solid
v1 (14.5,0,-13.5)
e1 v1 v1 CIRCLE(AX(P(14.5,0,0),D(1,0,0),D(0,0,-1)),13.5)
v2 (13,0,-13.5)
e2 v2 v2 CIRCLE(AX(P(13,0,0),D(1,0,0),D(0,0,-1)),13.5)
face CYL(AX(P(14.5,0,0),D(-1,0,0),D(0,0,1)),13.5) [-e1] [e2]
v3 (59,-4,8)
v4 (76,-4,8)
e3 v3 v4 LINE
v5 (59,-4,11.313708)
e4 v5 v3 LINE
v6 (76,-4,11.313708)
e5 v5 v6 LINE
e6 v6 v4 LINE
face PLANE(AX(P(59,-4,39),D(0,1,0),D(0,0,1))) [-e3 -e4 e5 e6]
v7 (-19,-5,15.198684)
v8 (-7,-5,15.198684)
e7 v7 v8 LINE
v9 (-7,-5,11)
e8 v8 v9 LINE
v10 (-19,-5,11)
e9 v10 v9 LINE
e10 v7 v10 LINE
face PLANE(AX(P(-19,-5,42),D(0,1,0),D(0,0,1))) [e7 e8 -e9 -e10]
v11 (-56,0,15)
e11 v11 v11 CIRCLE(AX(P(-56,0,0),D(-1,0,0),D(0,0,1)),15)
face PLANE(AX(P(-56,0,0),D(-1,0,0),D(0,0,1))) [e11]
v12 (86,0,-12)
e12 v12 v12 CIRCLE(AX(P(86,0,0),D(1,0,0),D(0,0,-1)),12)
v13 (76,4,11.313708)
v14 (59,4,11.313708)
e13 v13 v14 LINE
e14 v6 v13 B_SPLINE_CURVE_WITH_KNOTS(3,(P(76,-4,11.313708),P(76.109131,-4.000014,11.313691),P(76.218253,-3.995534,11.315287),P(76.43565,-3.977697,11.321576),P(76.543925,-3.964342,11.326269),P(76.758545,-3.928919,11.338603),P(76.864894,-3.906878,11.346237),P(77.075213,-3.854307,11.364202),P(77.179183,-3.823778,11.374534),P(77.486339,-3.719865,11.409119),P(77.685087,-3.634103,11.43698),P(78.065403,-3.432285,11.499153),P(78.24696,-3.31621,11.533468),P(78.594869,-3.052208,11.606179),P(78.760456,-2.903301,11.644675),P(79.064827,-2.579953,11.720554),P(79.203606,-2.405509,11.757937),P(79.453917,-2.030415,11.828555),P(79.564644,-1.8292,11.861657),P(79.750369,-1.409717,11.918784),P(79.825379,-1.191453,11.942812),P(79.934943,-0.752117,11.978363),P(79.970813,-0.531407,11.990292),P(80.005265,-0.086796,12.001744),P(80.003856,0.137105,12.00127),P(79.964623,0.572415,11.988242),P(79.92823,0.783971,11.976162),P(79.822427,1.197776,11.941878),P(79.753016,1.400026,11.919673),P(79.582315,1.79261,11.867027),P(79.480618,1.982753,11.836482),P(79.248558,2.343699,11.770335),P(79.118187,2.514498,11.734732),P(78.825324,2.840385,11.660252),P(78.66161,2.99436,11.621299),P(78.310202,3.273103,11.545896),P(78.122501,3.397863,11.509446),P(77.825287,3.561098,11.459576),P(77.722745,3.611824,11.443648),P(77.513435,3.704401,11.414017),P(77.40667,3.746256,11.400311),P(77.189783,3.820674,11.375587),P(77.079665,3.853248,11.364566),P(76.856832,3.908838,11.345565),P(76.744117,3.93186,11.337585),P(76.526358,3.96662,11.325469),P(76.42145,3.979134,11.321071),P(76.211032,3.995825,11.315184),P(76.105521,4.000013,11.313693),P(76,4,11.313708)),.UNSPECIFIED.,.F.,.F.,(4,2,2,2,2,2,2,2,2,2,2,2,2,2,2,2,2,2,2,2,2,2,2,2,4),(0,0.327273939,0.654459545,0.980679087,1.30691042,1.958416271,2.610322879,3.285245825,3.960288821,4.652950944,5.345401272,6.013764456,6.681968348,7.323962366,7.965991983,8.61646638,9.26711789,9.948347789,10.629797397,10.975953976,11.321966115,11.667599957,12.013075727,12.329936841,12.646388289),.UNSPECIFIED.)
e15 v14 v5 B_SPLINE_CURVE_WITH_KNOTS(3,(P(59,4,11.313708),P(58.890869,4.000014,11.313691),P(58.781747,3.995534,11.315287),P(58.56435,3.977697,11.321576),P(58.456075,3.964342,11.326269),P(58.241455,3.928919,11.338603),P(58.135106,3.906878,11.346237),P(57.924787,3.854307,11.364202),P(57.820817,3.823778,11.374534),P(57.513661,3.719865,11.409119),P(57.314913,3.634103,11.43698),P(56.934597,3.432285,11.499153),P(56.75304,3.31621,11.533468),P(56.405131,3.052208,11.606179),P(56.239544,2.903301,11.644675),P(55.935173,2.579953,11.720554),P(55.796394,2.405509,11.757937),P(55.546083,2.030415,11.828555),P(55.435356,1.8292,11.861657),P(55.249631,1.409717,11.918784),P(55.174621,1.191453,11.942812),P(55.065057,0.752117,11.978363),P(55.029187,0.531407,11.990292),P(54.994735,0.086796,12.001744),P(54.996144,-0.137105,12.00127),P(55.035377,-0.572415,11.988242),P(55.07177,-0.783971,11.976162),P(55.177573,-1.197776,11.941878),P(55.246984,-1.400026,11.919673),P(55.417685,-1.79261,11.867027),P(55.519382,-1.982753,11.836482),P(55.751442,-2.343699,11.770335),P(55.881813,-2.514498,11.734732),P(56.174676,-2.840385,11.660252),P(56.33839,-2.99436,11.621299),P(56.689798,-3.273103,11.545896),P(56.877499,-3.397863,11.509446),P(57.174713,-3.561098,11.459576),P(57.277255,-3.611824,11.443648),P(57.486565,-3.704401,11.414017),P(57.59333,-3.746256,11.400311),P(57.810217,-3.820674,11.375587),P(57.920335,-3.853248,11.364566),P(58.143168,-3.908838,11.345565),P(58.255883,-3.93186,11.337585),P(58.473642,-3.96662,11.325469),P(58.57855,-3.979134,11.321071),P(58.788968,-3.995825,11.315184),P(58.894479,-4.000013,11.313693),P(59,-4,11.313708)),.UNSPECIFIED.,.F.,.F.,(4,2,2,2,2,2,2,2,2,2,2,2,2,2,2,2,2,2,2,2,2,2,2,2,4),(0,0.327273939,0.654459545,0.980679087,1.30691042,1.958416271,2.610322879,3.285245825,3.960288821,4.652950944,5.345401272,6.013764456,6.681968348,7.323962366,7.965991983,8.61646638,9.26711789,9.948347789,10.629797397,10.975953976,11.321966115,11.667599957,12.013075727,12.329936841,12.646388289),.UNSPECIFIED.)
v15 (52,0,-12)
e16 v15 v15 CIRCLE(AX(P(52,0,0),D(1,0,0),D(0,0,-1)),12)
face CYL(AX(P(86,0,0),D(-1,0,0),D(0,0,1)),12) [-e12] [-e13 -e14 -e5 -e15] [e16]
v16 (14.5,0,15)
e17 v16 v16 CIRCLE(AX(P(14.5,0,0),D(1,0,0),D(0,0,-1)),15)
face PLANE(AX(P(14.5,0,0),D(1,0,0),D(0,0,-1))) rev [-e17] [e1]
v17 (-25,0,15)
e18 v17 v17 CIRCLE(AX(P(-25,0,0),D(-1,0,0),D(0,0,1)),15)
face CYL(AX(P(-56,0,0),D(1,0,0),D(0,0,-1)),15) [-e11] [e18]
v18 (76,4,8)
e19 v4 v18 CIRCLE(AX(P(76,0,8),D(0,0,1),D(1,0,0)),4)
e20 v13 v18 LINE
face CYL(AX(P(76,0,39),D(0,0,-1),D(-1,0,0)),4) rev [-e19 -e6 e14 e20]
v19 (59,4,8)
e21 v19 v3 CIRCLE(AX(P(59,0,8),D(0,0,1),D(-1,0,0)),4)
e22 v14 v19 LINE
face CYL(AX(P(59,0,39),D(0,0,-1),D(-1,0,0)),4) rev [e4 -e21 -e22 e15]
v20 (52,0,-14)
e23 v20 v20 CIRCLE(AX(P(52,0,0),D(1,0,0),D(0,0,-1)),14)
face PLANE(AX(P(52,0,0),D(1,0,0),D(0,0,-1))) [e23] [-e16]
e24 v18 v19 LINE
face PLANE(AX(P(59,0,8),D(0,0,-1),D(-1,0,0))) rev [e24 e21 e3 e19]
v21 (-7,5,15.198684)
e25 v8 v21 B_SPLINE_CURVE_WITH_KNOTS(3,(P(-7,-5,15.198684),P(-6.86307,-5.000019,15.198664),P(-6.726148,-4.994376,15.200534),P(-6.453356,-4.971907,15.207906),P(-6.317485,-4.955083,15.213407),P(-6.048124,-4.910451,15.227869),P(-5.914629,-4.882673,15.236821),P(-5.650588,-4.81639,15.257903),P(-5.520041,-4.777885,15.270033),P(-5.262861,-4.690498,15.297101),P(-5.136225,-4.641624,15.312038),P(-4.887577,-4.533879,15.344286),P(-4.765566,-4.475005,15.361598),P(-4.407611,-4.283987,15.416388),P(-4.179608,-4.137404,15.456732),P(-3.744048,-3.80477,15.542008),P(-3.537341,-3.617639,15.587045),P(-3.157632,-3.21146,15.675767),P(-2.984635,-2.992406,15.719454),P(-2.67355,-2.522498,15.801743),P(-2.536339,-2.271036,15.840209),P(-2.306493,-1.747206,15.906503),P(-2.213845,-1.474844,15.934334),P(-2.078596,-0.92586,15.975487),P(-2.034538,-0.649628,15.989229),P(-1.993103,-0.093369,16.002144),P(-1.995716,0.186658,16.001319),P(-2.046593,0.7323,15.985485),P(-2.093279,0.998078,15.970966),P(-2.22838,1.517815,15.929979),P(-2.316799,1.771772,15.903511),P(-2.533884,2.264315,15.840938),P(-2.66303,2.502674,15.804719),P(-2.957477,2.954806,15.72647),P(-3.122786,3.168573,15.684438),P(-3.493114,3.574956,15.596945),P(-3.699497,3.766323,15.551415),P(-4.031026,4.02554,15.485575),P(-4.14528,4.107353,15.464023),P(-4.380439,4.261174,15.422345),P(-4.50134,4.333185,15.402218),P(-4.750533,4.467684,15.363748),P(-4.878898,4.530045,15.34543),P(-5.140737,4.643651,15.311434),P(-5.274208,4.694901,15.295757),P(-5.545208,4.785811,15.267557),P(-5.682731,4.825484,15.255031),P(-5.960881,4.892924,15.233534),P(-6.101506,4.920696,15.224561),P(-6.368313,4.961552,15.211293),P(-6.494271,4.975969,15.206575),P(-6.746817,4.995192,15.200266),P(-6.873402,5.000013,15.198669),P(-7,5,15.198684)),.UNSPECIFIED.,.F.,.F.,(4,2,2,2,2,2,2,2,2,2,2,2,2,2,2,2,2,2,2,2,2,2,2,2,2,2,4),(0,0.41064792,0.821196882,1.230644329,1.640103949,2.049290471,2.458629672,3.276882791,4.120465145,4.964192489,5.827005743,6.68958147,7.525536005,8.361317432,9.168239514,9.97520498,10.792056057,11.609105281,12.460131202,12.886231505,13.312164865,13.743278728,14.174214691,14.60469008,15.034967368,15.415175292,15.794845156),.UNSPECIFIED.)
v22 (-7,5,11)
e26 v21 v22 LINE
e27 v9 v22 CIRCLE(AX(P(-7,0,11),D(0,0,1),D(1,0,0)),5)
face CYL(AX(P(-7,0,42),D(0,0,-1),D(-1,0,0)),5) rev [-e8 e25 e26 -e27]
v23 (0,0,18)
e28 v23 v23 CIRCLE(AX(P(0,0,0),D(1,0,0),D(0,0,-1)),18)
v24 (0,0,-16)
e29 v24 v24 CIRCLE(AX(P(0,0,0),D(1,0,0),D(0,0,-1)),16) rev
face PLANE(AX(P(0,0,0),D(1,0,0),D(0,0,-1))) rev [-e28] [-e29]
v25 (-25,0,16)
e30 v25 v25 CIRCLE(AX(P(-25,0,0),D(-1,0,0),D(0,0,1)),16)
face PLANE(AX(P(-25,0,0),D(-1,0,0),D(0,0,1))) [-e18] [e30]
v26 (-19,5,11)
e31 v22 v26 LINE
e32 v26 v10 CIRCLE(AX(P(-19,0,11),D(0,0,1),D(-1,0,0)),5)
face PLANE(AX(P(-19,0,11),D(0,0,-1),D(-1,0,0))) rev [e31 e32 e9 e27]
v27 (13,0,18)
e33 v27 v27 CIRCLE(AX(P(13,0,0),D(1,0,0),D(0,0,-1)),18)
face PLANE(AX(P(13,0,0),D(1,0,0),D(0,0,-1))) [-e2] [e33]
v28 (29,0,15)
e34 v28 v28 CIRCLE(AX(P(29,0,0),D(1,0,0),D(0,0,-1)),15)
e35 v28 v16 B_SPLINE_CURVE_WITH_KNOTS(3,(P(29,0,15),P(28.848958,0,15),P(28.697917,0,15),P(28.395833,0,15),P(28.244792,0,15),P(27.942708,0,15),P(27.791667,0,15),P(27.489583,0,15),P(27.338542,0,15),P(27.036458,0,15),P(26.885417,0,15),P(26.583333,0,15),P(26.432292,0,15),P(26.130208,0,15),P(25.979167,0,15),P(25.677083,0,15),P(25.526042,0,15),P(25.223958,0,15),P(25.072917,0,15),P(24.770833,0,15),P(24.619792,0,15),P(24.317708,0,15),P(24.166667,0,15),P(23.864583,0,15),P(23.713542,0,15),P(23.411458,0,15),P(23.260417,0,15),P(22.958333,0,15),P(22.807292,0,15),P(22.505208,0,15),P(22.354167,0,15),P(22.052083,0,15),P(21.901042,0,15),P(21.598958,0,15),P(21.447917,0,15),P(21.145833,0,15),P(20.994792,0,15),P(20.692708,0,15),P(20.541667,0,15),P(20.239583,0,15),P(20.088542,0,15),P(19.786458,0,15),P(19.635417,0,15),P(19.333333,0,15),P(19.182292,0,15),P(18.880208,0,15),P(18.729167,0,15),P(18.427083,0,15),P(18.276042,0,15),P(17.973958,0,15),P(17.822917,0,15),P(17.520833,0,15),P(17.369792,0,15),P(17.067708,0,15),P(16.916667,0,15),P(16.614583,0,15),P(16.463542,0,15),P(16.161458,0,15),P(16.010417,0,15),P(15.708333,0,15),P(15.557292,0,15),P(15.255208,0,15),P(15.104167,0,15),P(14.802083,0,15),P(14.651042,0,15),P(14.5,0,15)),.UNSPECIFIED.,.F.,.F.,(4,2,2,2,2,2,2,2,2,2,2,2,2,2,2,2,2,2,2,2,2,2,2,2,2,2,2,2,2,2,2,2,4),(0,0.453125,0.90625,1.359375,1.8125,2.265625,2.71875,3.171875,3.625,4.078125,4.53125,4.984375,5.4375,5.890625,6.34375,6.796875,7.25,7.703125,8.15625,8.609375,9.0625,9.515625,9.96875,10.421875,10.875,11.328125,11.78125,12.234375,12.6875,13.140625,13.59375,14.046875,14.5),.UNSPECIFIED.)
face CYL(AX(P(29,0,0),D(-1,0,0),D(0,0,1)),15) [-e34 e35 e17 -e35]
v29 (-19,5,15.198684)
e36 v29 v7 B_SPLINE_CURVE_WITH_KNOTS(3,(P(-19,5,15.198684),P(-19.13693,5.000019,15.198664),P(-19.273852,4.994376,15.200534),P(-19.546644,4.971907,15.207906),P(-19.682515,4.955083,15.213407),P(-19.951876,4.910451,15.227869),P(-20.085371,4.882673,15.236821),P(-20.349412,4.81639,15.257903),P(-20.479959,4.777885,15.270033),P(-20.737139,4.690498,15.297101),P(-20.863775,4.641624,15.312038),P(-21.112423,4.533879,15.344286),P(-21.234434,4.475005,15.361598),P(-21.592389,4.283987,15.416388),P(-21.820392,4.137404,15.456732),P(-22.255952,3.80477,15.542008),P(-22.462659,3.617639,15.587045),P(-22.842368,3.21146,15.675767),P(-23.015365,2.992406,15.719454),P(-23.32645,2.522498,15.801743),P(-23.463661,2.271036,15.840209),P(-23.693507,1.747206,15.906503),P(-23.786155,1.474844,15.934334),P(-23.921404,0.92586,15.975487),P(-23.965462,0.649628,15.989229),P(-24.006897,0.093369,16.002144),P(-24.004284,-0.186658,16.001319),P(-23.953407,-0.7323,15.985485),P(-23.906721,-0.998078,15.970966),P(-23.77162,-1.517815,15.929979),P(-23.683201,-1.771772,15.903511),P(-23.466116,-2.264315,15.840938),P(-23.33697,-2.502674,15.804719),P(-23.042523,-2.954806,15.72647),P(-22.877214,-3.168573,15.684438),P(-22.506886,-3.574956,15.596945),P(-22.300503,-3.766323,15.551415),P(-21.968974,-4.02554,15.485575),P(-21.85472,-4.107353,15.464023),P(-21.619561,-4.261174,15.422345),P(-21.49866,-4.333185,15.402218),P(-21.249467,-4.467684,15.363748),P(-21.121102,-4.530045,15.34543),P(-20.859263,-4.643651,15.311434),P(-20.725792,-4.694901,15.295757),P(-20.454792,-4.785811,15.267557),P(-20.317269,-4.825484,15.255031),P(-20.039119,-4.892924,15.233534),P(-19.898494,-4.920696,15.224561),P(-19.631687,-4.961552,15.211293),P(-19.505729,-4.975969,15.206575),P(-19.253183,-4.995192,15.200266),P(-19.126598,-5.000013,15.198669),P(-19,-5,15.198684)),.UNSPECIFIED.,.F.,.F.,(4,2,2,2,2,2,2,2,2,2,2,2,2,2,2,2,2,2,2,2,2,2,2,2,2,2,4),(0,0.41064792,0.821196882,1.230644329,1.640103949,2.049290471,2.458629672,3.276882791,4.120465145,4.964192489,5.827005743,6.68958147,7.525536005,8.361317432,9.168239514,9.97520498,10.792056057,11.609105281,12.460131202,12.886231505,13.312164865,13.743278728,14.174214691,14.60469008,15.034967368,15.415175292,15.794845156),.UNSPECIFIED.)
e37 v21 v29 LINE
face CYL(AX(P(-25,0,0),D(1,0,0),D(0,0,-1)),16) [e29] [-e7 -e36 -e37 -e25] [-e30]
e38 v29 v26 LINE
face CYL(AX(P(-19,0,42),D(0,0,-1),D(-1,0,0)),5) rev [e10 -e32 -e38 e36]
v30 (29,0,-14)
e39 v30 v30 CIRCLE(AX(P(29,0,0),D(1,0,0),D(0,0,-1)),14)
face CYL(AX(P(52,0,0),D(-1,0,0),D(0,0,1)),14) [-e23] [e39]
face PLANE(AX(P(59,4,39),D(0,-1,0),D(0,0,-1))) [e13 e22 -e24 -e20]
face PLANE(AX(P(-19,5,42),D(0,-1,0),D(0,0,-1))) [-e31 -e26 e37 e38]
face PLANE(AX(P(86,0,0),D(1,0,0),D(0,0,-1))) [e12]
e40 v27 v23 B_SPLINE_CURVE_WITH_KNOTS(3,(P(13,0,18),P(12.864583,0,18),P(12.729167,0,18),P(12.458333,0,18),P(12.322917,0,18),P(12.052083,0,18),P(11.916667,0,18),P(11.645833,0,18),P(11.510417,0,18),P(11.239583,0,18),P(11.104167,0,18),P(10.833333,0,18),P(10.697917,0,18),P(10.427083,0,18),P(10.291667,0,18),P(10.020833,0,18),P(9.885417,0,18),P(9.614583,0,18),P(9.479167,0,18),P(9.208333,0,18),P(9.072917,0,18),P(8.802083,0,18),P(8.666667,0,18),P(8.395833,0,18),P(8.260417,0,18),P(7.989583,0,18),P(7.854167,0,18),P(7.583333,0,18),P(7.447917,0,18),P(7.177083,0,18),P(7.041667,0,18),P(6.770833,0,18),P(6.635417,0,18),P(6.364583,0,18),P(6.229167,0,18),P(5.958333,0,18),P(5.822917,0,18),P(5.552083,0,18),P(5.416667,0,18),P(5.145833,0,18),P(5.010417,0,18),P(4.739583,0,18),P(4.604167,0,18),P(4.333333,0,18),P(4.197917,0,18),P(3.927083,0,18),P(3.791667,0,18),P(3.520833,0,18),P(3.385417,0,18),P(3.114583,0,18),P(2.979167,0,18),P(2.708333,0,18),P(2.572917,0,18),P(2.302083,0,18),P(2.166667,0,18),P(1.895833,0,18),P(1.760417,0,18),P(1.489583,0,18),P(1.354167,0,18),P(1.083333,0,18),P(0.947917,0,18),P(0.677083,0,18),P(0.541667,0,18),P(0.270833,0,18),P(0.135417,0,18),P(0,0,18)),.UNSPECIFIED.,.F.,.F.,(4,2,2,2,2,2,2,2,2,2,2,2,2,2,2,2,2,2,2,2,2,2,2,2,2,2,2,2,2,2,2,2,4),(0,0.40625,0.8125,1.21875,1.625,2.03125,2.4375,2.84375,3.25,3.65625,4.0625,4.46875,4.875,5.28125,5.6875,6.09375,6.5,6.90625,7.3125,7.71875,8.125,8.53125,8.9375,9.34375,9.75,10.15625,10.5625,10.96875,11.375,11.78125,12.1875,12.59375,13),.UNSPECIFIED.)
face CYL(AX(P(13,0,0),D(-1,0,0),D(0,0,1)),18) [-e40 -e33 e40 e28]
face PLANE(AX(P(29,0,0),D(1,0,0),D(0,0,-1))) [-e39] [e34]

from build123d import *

# Parameters (mm, degrees)
SKETCH_1_R          = 18
EXTRUDE_1_DEPTH     = 13
SKETCH_2_R          = 13.5
EXTRUDE_2_DEPTH     = 1.5
SKETCH_3_R          = 15
EXTRUDE_3_DEPTH     = 14.5
SKETCH_4_R          = 14
EXTRUDE_4_DEPTH     = 23
SKETCH_5_R          = 12
EXTRUDE_5_DEPTH     = 34
SKETCH_6_R          = 16
EXTRUDE_6_DEPTH     = 25
EXTRUDE_START       = 31
SKETCH_7_R          = 15
EXTRUDE_7_DEPTH     = 31
CUT_EXTRUDE_START   = 11
CUT_EXTRUDE_1_DEPTH = 31
CUT_EXTRUDE_START_2 = 8
CUT_EXTRUDE_2_DEPTH = 31


with BuildPart() as part:
    # 草图1 → 凸台-拉伸1 (new body)
    with BuildSketch(Plane(origin=(0, 0, 0), x_dir=(0, 0, -1), z_dir=(1, 0, 0))):
        with Locations(Location((0, 0, 0), (0, 0, 180))):
            Circle(SKETCH_1_R)
    extrude(amount=EXTRUDE_1_DEPTH)

    # 草图2 → 凸台-拉伸2 (add)
    with BuildSketch(Plane(origin=(13, 0, 0), x_dir=(0, 0, -1), z_dir=(1, 0, 0))):
        Circle(SKETCH_2_R)
    extrude(amount=EXTRUDE_2_DEPTH)

    # 草图3 → 凸台-拉伸3 (add)
    with BuildSketch(Plane(origin=(14.5, 0, 0), x_dir=(0, 0, -1), z_dir=(1, 0, 0))):
        with Locations(Location((0, 0, 0), (0, 0, 180))):
            Circle(SKETCH_3_R)
    extrude(amount=EXTRUDE_3_DEPTH)

    # 草图4 → 凸台-拉伸4 (add)
    with BuildSketch(Plane(origin=(29, 0, 0), x_dir=(0, 0, -1), z_dir=(1, 0, 0))):
        Circle(SKETCH_4_R)
    extrude(amount=EXTRUDE_4_DEPTH)

    # 草图5 → 凸台-拉伸5 (add)
    with BuildSketch(Plane(origin=(52, 0, 0), x_dir=(0, 0, -1), z_dir=(1, 0, 0))):
        Circle(SKETCH_5_R)
    extrude(amount=EXTRUDE_5_DEPTH)

    # 草图6 → 凸台-拉伸6 (add)
    with BuildSketch(Plane.ZY):
        with Locations(Location((0, 0, 0), (0, 0, 180))):
            Circle(SKETCH_6_R)
    extrude(amount=EXTRUDE_6_DEPTH)

    # 草图7 → 凸台-拉伸7 (add)
    with BuildSketch(Plane.ZY.offset(25).offset(EXTRUDE_START)):
        Circle(SKETCH_7_R)
    extrude(amount=-EXTRUDE_7_DEPTH)

    # 草图8 → 切除-拉伸1 (cut)
    with BuildSketch(Plane.XY.offset(CUT_EXTRUDE_START)):
        with BuildLine():
            Line((-19, -5), (-7, -5))
            ThreePointArc((-7, -5), (-2, 0), (-7, 5))
            Line((-7, 5), (-19, 5))
            ThreePointArc((-19, 5), (-24, 0), (-19, -5))
        make_face()
    extrude(amount=CUT_EXTRUDE_1_DEPTH, mode=Mode.SUBTRACT)

    # 草图9 → 切除-拉伸2 (cut)
    with BuildSketch(Plane.XY.offset(CUT_EXTRUDE_START_2)):
        with BuildLine():
            Line((59, -4), (76, -4))
            ThreePointArc((76, -4), (80, 0), (76, 4))
            Line((76, 4), (59, 4))
            ThreePointArc((59, 4), (55, 0), (59, -4))
        make_face()
    extrude(amount=CUT_EXTRUDE_2_DEPTH, mode=Mode.SUBTRACT)


solid = part.part
